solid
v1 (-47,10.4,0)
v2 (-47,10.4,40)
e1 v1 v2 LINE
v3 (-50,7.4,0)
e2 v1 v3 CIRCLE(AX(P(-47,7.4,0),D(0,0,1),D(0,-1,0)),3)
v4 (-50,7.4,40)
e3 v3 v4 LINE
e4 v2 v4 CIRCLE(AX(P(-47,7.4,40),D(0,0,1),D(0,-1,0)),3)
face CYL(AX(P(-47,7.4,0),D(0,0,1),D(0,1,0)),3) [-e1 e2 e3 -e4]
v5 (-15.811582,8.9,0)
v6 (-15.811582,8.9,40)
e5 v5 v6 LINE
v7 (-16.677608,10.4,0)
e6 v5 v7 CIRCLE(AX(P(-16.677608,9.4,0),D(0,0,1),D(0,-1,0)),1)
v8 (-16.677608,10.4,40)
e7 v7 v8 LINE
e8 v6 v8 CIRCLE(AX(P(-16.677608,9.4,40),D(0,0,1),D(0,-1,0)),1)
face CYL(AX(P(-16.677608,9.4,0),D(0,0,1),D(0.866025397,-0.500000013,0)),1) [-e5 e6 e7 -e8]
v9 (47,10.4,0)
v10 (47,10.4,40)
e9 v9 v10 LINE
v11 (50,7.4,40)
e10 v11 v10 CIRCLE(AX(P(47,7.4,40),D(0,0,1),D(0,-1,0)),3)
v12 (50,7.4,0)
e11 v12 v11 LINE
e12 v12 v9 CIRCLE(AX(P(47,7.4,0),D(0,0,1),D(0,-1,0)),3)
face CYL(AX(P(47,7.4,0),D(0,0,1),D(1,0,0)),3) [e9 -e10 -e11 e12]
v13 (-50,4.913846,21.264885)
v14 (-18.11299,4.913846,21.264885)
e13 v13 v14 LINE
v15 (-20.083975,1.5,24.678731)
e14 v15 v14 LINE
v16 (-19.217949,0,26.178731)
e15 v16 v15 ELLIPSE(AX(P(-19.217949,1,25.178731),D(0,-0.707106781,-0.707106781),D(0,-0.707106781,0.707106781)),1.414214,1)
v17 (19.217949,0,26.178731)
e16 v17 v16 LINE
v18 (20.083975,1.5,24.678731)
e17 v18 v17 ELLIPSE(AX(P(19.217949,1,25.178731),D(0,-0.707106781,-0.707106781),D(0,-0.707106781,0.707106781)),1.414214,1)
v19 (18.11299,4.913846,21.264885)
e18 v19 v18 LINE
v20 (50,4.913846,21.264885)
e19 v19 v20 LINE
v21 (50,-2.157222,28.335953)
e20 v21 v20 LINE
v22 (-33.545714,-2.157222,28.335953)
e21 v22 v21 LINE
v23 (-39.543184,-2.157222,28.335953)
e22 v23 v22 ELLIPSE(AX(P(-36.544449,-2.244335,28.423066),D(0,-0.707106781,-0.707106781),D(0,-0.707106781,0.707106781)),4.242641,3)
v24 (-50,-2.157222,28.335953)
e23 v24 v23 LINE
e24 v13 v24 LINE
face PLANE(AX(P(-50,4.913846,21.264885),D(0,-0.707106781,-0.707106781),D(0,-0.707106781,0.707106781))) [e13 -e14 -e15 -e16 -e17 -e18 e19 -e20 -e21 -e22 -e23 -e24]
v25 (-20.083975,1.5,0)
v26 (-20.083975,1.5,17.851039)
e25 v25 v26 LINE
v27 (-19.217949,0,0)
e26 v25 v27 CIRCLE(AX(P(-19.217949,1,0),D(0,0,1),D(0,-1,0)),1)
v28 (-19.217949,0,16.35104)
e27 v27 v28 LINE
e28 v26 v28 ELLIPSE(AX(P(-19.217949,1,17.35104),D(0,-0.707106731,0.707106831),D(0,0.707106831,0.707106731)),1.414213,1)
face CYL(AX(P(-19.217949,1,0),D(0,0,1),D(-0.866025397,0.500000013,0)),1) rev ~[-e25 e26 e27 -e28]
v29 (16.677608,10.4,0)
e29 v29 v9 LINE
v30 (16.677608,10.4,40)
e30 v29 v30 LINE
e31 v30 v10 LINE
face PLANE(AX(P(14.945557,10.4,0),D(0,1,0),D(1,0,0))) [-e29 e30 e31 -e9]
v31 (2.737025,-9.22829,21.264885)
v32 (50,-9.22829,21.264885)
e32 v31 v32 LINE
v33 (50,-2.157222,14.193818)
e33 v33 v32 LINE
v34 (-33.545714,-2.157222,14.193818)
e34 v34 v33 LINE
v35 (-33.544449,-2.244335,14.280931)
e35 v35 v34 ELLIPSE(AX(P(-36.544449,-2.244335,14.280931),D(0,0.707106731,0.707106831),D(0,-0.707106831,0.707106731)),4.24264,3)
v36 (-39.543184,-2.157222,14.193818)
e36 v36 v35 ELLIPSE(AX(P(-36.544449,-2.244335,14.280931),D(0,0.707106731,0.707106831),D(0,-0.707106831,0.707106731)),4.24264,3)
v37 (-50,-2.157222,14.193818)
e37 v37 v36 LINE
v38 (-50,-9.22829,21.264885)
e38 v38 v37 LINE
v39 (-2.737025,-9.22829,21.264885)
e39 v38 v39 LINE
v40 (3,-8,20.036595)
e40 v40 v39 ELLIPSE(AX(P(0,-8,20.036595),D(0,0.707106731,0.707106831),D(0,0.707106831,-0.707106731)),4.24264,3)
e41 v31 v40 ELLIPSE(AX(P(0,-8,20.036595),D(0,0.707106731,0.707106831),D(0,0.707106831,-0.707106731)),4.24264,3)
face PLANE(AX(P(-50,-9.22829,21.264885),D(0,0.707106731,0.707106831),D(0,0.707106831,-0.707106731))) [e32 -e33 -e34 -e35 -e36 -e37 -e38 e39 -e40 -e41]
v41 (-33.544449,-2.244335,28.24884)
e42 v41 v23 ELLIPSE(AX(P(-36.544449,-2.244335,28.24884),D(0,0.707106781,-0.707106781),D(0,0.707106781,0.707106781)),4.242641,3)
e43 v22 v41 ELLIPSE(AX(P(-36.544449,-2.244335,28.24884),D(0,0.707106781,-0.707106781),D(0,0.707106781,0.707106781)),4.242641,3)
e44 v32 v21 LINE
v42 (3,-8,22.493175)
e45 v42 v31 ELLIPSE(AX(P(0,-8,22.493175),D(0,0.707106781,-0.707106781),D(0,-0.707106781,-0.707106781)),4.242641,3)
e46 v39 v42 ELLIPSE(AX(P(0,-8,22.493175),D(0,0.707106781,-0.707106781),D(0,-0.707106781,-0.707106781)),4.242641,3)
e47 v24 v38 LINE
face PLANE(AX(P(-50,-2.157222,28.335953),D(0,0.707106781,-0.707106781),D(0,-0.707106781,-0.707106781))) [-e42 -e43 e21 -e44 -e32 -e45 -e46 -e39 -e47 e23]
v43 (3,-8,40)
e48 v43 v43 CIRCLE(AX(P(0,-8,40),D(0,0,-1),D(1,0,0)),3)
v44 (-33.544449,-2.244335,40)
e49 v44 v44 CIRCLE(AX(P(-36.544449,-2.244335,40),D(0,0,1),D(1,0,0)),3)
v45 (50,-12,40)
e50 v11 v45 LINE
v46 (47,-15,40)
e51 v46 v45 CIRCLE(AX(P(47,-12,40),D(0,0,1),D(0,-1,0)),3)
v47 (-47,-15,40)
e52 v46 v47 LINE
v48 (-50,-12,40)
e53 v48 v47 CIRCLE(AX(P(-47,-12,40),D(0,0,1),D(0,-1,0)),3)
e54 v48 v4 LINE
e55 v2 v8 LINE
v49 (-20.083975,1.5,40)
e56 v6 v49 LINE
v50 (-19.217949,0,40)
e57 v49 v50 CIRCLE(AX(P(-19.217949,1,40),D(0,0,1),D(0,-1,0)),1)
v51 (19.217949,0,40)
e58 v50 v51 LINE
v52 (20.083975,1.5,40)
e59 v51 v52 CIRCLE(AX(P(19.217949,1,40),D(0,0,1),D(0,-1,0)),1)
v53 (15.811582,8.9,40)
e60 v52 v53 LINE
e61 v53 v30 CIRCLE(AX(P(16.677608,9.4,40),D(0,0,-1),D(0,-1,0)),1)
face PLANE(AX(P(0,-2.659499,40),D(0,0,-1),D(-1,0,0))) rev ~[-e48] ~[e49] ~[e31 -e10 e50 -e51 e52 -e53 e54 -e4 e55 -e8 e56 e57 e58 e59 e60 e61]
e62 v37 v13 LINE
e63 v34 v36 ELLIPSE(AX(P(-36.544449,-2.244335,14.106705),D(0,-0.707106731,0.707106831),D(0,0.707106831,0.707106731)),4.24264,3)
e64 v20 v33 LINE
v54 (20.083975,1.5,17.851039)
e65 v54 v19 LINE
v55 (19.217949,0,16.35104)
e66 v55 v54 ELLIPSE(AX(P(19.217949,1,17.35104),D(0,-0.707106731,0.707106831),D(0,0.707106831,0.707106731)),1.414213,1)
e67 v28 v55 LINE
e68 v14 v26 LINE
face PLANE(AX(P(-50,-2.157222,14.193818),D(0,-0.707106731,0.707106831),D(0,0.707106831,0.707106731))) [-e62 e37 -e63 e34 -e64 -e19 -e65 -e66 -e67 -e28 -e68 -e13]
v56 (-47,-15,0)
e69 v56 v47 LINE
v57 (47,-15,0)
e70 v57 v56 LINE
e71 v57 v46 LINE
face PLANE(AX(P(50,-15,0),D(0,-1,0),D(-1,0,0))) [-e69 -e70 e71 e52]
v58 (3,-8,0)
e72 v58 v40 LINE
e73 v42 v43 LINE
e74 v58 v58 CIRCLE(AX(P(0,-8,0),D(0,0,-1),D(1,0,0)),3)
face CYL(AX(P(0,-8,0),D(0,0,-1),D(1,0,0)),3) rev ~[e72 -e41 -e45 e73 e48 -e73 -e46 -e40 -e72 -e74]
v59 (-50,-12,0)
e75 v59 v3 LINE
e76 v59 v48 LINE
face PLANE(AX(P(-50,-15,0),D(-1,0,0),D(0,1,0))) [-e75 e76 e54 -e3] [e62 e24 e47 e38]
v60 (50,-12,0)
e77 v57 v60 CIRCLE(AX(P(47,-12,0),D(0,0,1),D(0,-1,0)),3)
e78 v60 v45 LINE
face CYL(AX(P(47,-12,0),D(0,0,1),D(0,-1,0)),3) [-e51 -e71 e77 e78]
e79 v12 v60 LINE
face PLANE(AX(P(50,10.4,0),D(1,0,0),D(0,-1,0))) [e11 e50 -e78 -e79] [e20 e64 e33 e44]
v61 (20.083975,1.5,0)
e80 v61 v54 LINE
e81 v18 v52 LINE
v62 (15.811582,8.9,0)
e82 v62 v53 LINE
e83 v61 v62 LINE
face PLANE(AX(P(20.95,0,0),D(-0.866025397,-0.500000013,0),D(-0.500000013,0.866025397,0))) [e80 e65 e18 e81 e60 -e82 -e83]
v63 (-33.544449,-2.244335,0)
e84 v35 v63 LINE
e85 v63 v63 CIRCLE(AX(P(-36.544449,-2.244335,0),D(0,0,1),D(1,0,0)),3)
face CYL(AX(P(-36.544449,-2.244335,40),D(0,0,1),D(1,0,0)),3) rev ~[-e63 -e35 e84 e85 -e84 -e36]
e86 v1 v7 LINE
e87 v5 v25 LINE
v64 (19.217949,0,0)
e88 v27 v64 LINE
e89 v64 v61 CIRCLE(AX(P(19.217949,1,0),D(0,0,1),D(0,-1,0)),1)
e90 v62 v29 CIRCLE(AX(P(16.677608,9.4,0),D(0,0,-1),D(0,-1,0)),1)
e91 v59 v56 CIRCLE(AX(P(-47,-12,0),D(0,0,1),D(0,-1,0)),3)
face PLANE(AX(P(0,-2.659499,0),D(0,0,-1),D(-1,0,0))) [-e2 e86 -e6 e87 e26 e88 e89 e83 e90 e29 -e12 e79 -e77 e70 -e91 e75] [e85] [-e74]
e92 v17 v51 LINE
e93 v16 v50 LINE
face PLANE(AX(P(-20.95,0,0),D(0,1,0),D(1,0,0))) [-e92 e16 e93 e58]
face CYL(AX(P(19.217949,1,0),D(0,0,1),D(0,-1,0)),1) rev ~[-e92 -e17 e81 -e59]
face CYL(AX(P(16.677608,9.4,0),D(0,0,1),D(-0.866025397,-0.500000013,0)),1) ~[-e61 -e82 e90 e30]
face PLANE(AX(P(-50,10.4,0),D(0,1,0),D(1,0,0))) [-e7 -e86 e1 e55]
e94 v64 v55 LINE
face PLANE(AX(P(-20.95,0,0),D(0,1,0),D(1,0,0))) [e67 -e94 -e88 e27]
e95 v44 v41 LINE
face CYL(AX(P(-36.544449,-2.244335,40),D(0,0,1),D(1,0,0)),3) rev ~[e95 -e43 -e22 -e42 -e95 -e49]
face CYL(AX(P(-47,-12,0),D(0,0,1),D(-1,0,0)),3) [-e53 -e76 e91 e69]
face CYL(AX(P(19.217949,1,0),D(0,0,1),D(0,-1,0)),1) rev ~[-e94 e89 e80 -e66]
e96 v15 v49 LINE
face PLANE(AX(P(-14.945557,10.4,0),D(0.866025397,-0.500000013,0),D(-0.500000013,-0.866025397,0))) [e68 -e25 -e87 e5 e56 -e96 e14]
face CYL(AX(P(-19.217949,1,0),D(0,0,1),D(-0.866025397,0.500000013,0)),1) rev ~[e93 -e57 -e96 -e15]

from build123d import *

# Parameters (mm, degrees)
PAD_DEPTH       = 40
FILLET_R        = 1
FILLET001_R     = 3
SKETCH001_R     = 3
POCKET_DEPTH    = 40.001
POCKET001_DEPTH = 100.001
SKETCH004_R     = 3
POCKET002_DEPTH = 40.001


with BuildPart() as part:
    # Sketch → Pad (new body)
    with BuildSketch(Plane.XY):
        Polygon((-14.945557, 10.4), (-20.95, 0), (20.95, 0), (14.945557, 10.4), (50, 10.4), (50, -15), (-50, -15), (-50, 10.4), align=None)
    extrude(amount=PAD_DEPTH)

    # Fillet
    fillet_edges = [part.edges().sort_by_distance(p)[0] for p in [
        (20.95, 0, 20),
        (-20.95, 0, 20),
        (-14.945557, 10.4, 20),
        (14.945557, 10.4, 20),
    ]]
    fillet(fillet_edges, radius=FILLET_R)

    # Fillet001
    fillet001_edges = [part.edges().sort_by_distance(p)[0] for p in [
        (-50, 10.4, 20),
        (50, 10.4, 20),
        (50, -15, 20),
        (-50, -15, 20),
    ]]
    fillet(fillet001_edges, radius=FILLET001_R)

    # Sketch001 → Pocket (cut, through all)
    with BuildSketch(Plane(origin=(0, 0, 0), x_dir=(1, 0, 0), z_dir=(0, 0, -1))):
        with Locations((0, 8)):
            Circle(SKETCH001_R)
    extrude(amount=-POCKET_DEPTH, mode=Mode.SUBTRACT)

    # Sketch002 → Pocket001 (cut, through all)
    with BuildSketch(Plane(origin=(-50, 0, 0), x_dir=(0, -1, 0), z_dir=(-1, 0, 0))):
        Polygon((2.157222, 14.193818), (-4.913846, 21.264885), (2.157222, 28.335953), (9.22829, 21.264885), align=None)
    extrude(amount=-POCKET001_DEPTH, mode=Mode.SUBTRACT)

    # Sketch004 → Pocket002 (cut, through all)
    with BuildSketch(Plane.XY.offset(40)):
        with Locations((-36.544449, -2.244335)):
            Circle(SKETCH004_R)
    extrude(amount=-POCKET002_DEPTH, mode=Mode.SUBTRACT)


solid = part.part
